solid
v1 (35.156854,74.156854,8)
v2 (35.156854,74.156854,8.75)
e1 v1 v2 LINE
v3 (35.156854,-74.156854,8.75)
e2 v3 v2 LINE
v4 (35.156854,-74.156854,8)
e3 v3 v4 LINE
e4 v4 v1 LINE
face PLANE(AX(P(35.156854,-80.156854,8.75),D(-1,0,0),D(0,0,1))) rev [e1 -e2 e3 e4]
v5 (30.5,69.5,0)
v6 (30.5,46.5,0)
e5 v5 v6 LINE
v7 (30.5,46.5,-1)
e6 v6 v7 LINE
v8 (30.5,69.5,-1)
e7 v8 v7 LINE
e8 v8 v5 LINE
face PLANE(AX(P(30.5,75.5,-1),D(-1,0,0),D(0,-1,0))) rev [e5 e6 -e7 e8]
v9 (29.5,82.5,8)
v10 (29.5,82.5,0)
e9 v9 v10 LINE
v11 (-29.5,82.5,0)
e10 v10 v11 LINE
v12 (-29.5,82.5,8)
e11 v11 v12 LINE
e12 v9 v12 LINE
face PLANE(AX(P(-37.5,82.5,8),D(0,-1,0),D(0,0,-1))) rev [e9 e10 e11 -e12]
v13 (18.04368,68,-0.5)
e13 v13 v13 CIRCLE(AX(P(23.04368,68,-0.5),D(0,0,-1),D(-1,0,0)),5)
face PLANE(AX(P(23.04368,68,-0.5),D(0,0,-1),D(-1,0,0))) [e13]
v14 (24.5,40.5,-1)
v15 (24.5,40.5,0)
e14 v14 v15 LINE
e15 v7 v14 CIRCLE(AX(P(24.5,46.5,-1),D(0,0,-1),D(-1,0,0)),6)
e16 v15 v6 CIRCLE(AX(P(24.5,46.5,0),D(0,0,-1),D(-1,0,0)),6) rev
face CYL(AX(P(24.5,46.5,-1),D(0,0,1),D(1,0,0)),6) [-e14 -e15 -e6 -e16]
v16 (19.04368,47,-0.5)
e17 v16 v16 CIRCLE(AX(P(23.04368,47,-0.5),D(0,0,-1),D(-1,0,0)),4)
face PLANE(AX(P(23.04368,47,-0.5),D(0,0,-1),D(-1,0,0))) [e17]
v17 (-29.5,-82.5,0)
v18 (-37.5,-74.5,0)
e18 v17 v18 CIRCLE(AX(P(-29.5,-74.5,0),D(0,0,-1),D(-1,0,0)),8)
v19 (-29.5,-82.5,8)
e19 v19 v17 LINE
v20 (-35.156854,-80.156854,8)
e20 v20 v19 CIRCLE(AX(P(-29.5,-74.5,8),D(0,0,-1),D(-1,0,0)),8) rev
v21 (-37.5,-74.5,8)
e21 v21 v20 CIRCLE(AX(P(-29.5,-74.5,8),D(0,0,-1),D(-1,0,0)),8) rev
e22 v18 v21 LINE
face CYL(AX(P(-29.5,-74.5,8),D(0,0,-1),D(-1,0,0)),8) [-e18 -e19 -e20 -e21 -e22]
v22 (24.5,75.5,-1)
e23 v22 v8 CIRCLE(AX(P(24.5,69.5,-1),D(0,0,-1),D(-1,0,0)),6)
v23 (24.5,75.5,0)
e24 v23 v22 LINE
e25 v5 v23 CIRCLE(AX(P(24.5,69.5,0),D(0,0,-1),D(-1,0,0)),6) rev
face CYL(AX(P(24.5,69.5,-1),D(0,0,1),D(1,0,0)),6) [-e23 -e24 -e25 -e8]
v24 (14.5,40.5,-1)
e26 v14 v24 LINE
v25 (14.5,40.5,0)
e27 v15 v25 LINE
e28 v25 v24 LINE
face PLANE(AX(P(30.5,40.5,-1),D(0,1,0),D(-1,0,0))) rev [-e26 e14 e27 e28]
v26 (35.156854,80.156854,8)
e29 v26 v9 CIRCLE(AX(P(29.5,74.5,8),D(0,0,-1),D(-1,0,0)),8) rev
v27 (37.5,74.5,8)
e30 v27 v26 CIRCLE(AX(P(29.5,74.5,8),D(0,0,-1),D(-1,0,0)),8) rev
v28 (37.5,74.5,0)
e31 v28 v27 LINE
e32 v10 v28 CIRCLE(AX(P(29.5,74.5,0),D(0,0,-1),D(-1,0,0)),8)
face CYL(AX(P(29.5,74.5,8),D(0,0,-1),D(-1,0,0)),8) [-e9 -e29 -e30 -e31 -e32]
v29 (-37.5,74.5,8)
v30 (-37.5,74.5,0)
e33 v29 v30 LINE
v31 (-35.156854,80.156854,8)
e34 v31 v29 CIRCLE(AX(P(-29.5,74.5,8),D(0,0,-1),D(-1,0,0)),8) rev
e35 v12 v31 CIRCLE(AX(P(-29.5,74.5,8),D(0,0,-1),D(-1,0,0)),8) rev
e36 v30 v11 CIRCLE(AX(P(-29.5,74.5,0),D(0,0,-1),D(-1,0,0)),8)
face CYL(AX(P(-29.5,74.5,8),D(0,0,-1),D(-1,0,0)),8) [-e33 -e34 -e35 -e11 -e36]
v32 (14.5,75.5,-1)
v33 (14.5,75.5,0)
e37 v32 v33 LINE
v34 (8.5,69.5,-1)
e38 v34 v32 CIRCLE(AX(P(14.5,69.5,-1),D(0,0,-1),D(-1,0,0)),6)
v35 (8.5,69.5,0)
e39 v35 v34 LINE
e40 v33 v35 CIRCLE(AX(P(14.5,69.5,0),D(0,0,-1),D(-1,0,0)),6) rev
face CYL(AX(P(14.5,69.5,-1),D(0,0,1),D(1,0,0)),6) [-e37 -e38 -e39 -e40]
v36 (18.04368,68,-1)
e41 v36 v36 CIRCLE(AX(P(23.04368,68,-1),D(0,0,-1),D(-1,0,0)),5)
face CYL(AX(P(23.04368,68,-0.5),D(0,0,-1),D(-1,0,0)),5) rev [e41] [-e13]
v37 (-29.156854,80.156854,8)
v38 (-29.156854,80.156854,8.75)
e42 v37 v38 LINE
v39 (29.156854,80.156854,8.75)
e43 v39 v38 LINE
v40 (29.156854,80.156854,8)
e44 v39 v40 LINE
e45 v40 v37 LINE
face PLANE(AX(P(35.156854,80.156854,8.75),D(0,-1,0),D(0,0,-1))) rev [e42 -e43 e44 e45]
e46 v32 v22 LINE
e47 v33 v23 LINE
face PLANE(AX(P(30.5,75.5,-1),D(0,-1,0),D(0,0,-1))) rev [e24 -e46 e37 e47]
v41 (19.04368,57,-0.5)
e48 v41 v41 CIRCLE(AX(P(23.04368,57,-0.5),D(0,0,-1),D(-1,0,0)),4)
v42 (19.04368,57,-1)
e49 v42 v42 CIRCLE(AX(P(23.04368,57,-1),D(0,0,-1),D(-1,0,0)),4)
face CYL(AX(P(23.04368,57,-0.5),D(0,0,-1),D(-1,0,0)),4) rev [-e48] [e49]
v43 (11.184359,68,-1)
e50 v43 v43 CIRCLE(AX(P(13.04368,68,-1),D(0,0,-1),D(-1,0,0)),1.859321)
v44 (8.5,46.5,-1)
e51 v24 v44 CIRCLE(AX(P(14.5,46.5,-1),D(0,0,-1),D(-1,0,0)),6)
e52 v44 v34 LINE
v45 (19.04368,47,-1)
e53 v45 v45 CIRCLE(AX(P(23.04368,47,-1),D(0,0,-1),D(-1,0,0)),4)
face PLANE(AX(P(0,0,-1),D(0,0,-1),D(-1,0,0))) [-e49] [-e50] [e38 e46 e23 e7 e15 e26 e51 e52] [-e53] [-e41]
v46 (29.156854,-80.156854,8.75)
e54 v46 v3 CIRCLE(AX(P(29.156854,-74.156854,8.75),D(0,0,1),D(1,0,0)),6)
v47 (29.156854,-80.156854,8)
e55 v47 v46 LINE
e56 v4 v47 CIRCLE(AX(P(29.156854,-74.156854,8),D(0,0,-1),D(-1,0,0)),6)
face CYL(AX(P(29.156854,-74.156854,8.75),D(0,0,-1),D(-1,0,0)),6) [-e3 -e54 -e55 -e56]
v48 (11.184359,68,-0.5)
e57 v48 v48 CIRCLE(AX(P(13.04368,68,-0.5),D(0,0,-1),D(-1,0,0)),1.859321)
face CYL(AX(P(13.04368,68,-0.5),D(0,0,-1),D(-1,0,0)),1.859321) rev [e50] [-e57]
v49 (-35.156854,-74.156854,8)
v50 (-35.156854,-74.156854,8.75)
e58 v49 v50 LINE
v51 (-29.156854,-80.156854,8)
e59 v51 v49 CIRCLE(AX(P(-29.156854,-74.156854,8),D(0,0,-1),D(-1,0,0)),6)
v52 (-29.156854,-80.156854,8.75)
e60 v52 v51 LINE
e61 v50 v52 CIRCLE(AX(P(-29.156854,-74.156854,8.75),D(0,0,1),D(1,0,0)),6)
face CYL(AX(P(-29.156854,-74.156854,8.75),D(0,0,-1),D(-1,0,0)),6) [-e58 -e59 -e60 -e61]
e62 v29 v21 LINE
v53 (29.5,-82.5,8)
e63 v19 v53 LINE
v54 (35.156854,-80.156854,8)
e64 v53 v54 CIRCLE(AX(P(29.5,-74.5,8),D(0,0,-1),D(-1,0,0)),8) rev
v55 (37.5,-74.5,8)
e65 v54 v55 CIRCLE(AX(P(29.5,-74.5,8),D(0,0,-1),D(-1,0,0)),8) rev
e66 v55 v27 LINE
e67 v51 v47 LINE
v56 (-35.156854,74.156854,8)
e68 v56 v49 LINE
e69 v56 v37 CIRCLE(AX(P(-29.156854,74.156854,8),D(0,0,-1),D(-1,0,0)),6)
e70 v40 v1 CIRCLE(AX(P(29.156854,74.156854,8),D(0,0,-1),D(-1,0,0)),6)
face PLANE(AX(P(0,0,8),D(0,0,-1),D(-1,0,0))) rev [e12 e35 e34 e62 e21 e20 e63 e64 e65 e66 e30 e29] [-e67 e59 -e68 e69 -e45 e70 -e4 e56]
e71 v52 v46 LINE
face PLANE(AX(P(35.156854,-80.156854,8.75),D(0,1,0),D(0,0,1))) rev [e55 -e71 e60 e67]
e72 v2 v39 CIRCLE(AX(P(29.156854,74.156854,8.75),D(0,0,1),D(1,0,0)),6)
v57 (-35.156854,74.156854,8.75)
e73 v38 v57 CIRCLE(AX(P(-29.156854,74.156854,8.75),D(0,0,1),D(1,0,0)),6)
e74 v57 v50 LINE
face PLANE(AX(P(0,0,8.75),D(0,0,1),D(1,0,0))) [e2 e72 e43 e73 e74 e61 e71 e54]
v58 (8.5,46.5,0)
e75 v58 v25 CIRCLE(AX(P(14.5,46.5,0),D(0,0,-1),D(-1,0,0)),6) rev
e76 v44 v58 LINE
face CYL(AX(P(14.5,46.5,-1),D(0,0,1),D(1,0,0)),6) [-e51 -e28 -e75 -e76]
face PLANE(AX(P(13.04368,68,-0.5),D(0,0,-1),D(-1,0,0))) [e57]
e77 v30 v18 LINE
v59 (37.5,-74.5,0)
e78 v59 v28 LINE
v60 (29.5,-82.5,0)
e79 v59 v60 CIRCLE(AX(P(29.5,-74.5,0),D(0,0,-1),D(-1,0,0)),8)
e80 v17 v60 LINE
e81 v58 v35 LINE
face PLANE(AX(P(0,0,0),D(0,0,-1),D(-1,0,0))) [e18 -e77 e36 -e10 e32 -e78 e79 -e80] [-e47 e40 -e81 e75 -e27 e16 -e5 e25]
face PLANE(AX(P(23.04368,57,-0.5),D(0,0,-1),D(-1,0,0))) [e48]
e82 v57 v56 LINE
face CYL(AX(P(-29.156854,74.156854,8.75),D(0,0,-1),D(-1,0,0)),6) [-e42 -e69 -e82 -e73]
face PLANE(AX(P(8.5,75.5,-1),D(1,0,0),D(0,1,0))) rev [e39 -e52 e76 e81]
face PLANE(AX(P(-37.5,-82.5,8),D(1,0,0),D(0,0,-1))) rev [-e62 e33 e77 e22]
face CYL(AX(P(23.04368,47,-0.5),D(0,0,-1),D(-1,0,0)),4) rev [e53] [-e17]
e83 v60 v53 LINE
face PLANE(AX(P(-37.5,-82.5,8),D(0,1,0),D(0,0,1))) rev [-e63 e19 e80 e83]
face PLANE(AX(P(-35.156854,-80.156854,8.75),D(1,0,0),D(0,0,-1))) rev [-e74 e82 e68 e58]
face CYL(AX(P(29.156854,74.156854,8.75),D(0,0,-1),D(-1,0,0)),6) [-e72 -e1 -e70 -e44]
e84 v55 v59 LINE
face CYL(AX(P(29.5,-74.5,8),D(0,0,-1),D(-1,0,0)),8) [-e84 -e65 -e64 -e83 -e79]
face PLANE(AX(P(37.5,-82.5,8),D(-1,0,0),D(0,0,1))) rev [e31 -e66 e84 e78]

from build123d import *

# Parameters (mm, degrees)
SKETCH1_W           = 75
SKETCH1_H           = 165
BOSS_EXTRUDE1_DEPTH = 8
FILLET1_R           = 8
SKETCH2_W           = 22
SKETCH2_H           = 35
BOSS_EXTRUDE2_DEPTH = 1
FILLET2_R           = 6
SKETCH3_R           = 5
SKETCH3_R_2         = 4
SKETCH3_R_3         = 1.859320818
CUT_EXTRUDE1_DEPTH  = 0.5
SKETCH4_W           = 70.313708498
SKETCH4_H           = 160.313708498
BOSS_EXTRUDE3_DEPTH = 0.75
FILLET3_R           = 6


with BuildPart() as part:
    # Sketch1 → Boss-Extrude1 (new body)
    with BuildSketch(Plane.XY):
        Rectangle(SKETCH1_W, SKETCH1_H)
    extrude(amount=BOSS_EXTRUDE1_DEPTH)

    # Fillet1
    fillet1_edges = [part.edges().sort_by_distance(p)[0] for p in [
        (37.5, -82.5, 4),
        (-37.5, -82.5, 4),
        (-37.5, 82.5, 4),
        (37.5, 82.5, 4),
    ]]
    fillet(fillet1_edges, radius=FILLET1_R)

    # Sketch2 → Boss-Extrude2 (add)
    with BuildSketch(Plane(origin=(0, 0, 0), x_dir=(-1, 0, 0), z_dir=(0, 0, -1))):
        with Locations((-19.5, 58)):
            Rectangle(SKETCH2_W, SKETCH2_H)
    extrude(amount=BOSS_EXTRUDE2_DEPTH)

    # Fillet2
    fillet2_edges = [part.edges().sort_by_distance(p)[0] for p in [
        (8.5, 40.5, -0.5),
        (8.5, 75.5, -0.5),
        (30.5, 75.5, -0.5),
        (30.5, 40.5, -0.5),
    ]]
    fillet(fillet2_edges, radius=FILLET2_R)

    # Sketch3 → Cut-Extrude1 (cut)
    with BuildSketch(Plane(origin=(0, 0, -1), x_dir=(-1, 0, 0), z_dir=(0, 0, -1))):
        with Locations((-23.043680303, 68)):
            Circle(SKETCH3_R)
        with Locations((-23.043680303, 57)):
            Circle(SKETCH3_R_2)
        with Locations((-23.043680303, 47)):
            Circle(SKETCH3_R_2)
        with Locations((-13.043680303, 68)):
            Circle(SKETCH3_R_3)
    extrude(amount=-CUT_EXTRUDE1_DEPTH, mode=Mode.SUBTRACT)

    # Sketch4 → Boss-Extrude3 (add)
    with BuildSketch(Plane.XY.offset(8)):
        Rectangle(SKETCH4_W, SKETCH4_H)
    extrude(amount=BOSS_EXTRUDE3_DEPTH)

    # Fillet3
    fillet3_edges = [part.edges().sort_by_distance(p)[0] for p in [
        (-35.156854249, 80.156854249, 8.375),
        (-35.156854249, -80.156854249, 8.375),
        (35.156854249, -80.156854249, 8.375),
        (35.156854249, 80.156854249, 8.375),
    ]]
    fillet(fillet3_edges, radius=FILLET3_R)


solid = part.part
